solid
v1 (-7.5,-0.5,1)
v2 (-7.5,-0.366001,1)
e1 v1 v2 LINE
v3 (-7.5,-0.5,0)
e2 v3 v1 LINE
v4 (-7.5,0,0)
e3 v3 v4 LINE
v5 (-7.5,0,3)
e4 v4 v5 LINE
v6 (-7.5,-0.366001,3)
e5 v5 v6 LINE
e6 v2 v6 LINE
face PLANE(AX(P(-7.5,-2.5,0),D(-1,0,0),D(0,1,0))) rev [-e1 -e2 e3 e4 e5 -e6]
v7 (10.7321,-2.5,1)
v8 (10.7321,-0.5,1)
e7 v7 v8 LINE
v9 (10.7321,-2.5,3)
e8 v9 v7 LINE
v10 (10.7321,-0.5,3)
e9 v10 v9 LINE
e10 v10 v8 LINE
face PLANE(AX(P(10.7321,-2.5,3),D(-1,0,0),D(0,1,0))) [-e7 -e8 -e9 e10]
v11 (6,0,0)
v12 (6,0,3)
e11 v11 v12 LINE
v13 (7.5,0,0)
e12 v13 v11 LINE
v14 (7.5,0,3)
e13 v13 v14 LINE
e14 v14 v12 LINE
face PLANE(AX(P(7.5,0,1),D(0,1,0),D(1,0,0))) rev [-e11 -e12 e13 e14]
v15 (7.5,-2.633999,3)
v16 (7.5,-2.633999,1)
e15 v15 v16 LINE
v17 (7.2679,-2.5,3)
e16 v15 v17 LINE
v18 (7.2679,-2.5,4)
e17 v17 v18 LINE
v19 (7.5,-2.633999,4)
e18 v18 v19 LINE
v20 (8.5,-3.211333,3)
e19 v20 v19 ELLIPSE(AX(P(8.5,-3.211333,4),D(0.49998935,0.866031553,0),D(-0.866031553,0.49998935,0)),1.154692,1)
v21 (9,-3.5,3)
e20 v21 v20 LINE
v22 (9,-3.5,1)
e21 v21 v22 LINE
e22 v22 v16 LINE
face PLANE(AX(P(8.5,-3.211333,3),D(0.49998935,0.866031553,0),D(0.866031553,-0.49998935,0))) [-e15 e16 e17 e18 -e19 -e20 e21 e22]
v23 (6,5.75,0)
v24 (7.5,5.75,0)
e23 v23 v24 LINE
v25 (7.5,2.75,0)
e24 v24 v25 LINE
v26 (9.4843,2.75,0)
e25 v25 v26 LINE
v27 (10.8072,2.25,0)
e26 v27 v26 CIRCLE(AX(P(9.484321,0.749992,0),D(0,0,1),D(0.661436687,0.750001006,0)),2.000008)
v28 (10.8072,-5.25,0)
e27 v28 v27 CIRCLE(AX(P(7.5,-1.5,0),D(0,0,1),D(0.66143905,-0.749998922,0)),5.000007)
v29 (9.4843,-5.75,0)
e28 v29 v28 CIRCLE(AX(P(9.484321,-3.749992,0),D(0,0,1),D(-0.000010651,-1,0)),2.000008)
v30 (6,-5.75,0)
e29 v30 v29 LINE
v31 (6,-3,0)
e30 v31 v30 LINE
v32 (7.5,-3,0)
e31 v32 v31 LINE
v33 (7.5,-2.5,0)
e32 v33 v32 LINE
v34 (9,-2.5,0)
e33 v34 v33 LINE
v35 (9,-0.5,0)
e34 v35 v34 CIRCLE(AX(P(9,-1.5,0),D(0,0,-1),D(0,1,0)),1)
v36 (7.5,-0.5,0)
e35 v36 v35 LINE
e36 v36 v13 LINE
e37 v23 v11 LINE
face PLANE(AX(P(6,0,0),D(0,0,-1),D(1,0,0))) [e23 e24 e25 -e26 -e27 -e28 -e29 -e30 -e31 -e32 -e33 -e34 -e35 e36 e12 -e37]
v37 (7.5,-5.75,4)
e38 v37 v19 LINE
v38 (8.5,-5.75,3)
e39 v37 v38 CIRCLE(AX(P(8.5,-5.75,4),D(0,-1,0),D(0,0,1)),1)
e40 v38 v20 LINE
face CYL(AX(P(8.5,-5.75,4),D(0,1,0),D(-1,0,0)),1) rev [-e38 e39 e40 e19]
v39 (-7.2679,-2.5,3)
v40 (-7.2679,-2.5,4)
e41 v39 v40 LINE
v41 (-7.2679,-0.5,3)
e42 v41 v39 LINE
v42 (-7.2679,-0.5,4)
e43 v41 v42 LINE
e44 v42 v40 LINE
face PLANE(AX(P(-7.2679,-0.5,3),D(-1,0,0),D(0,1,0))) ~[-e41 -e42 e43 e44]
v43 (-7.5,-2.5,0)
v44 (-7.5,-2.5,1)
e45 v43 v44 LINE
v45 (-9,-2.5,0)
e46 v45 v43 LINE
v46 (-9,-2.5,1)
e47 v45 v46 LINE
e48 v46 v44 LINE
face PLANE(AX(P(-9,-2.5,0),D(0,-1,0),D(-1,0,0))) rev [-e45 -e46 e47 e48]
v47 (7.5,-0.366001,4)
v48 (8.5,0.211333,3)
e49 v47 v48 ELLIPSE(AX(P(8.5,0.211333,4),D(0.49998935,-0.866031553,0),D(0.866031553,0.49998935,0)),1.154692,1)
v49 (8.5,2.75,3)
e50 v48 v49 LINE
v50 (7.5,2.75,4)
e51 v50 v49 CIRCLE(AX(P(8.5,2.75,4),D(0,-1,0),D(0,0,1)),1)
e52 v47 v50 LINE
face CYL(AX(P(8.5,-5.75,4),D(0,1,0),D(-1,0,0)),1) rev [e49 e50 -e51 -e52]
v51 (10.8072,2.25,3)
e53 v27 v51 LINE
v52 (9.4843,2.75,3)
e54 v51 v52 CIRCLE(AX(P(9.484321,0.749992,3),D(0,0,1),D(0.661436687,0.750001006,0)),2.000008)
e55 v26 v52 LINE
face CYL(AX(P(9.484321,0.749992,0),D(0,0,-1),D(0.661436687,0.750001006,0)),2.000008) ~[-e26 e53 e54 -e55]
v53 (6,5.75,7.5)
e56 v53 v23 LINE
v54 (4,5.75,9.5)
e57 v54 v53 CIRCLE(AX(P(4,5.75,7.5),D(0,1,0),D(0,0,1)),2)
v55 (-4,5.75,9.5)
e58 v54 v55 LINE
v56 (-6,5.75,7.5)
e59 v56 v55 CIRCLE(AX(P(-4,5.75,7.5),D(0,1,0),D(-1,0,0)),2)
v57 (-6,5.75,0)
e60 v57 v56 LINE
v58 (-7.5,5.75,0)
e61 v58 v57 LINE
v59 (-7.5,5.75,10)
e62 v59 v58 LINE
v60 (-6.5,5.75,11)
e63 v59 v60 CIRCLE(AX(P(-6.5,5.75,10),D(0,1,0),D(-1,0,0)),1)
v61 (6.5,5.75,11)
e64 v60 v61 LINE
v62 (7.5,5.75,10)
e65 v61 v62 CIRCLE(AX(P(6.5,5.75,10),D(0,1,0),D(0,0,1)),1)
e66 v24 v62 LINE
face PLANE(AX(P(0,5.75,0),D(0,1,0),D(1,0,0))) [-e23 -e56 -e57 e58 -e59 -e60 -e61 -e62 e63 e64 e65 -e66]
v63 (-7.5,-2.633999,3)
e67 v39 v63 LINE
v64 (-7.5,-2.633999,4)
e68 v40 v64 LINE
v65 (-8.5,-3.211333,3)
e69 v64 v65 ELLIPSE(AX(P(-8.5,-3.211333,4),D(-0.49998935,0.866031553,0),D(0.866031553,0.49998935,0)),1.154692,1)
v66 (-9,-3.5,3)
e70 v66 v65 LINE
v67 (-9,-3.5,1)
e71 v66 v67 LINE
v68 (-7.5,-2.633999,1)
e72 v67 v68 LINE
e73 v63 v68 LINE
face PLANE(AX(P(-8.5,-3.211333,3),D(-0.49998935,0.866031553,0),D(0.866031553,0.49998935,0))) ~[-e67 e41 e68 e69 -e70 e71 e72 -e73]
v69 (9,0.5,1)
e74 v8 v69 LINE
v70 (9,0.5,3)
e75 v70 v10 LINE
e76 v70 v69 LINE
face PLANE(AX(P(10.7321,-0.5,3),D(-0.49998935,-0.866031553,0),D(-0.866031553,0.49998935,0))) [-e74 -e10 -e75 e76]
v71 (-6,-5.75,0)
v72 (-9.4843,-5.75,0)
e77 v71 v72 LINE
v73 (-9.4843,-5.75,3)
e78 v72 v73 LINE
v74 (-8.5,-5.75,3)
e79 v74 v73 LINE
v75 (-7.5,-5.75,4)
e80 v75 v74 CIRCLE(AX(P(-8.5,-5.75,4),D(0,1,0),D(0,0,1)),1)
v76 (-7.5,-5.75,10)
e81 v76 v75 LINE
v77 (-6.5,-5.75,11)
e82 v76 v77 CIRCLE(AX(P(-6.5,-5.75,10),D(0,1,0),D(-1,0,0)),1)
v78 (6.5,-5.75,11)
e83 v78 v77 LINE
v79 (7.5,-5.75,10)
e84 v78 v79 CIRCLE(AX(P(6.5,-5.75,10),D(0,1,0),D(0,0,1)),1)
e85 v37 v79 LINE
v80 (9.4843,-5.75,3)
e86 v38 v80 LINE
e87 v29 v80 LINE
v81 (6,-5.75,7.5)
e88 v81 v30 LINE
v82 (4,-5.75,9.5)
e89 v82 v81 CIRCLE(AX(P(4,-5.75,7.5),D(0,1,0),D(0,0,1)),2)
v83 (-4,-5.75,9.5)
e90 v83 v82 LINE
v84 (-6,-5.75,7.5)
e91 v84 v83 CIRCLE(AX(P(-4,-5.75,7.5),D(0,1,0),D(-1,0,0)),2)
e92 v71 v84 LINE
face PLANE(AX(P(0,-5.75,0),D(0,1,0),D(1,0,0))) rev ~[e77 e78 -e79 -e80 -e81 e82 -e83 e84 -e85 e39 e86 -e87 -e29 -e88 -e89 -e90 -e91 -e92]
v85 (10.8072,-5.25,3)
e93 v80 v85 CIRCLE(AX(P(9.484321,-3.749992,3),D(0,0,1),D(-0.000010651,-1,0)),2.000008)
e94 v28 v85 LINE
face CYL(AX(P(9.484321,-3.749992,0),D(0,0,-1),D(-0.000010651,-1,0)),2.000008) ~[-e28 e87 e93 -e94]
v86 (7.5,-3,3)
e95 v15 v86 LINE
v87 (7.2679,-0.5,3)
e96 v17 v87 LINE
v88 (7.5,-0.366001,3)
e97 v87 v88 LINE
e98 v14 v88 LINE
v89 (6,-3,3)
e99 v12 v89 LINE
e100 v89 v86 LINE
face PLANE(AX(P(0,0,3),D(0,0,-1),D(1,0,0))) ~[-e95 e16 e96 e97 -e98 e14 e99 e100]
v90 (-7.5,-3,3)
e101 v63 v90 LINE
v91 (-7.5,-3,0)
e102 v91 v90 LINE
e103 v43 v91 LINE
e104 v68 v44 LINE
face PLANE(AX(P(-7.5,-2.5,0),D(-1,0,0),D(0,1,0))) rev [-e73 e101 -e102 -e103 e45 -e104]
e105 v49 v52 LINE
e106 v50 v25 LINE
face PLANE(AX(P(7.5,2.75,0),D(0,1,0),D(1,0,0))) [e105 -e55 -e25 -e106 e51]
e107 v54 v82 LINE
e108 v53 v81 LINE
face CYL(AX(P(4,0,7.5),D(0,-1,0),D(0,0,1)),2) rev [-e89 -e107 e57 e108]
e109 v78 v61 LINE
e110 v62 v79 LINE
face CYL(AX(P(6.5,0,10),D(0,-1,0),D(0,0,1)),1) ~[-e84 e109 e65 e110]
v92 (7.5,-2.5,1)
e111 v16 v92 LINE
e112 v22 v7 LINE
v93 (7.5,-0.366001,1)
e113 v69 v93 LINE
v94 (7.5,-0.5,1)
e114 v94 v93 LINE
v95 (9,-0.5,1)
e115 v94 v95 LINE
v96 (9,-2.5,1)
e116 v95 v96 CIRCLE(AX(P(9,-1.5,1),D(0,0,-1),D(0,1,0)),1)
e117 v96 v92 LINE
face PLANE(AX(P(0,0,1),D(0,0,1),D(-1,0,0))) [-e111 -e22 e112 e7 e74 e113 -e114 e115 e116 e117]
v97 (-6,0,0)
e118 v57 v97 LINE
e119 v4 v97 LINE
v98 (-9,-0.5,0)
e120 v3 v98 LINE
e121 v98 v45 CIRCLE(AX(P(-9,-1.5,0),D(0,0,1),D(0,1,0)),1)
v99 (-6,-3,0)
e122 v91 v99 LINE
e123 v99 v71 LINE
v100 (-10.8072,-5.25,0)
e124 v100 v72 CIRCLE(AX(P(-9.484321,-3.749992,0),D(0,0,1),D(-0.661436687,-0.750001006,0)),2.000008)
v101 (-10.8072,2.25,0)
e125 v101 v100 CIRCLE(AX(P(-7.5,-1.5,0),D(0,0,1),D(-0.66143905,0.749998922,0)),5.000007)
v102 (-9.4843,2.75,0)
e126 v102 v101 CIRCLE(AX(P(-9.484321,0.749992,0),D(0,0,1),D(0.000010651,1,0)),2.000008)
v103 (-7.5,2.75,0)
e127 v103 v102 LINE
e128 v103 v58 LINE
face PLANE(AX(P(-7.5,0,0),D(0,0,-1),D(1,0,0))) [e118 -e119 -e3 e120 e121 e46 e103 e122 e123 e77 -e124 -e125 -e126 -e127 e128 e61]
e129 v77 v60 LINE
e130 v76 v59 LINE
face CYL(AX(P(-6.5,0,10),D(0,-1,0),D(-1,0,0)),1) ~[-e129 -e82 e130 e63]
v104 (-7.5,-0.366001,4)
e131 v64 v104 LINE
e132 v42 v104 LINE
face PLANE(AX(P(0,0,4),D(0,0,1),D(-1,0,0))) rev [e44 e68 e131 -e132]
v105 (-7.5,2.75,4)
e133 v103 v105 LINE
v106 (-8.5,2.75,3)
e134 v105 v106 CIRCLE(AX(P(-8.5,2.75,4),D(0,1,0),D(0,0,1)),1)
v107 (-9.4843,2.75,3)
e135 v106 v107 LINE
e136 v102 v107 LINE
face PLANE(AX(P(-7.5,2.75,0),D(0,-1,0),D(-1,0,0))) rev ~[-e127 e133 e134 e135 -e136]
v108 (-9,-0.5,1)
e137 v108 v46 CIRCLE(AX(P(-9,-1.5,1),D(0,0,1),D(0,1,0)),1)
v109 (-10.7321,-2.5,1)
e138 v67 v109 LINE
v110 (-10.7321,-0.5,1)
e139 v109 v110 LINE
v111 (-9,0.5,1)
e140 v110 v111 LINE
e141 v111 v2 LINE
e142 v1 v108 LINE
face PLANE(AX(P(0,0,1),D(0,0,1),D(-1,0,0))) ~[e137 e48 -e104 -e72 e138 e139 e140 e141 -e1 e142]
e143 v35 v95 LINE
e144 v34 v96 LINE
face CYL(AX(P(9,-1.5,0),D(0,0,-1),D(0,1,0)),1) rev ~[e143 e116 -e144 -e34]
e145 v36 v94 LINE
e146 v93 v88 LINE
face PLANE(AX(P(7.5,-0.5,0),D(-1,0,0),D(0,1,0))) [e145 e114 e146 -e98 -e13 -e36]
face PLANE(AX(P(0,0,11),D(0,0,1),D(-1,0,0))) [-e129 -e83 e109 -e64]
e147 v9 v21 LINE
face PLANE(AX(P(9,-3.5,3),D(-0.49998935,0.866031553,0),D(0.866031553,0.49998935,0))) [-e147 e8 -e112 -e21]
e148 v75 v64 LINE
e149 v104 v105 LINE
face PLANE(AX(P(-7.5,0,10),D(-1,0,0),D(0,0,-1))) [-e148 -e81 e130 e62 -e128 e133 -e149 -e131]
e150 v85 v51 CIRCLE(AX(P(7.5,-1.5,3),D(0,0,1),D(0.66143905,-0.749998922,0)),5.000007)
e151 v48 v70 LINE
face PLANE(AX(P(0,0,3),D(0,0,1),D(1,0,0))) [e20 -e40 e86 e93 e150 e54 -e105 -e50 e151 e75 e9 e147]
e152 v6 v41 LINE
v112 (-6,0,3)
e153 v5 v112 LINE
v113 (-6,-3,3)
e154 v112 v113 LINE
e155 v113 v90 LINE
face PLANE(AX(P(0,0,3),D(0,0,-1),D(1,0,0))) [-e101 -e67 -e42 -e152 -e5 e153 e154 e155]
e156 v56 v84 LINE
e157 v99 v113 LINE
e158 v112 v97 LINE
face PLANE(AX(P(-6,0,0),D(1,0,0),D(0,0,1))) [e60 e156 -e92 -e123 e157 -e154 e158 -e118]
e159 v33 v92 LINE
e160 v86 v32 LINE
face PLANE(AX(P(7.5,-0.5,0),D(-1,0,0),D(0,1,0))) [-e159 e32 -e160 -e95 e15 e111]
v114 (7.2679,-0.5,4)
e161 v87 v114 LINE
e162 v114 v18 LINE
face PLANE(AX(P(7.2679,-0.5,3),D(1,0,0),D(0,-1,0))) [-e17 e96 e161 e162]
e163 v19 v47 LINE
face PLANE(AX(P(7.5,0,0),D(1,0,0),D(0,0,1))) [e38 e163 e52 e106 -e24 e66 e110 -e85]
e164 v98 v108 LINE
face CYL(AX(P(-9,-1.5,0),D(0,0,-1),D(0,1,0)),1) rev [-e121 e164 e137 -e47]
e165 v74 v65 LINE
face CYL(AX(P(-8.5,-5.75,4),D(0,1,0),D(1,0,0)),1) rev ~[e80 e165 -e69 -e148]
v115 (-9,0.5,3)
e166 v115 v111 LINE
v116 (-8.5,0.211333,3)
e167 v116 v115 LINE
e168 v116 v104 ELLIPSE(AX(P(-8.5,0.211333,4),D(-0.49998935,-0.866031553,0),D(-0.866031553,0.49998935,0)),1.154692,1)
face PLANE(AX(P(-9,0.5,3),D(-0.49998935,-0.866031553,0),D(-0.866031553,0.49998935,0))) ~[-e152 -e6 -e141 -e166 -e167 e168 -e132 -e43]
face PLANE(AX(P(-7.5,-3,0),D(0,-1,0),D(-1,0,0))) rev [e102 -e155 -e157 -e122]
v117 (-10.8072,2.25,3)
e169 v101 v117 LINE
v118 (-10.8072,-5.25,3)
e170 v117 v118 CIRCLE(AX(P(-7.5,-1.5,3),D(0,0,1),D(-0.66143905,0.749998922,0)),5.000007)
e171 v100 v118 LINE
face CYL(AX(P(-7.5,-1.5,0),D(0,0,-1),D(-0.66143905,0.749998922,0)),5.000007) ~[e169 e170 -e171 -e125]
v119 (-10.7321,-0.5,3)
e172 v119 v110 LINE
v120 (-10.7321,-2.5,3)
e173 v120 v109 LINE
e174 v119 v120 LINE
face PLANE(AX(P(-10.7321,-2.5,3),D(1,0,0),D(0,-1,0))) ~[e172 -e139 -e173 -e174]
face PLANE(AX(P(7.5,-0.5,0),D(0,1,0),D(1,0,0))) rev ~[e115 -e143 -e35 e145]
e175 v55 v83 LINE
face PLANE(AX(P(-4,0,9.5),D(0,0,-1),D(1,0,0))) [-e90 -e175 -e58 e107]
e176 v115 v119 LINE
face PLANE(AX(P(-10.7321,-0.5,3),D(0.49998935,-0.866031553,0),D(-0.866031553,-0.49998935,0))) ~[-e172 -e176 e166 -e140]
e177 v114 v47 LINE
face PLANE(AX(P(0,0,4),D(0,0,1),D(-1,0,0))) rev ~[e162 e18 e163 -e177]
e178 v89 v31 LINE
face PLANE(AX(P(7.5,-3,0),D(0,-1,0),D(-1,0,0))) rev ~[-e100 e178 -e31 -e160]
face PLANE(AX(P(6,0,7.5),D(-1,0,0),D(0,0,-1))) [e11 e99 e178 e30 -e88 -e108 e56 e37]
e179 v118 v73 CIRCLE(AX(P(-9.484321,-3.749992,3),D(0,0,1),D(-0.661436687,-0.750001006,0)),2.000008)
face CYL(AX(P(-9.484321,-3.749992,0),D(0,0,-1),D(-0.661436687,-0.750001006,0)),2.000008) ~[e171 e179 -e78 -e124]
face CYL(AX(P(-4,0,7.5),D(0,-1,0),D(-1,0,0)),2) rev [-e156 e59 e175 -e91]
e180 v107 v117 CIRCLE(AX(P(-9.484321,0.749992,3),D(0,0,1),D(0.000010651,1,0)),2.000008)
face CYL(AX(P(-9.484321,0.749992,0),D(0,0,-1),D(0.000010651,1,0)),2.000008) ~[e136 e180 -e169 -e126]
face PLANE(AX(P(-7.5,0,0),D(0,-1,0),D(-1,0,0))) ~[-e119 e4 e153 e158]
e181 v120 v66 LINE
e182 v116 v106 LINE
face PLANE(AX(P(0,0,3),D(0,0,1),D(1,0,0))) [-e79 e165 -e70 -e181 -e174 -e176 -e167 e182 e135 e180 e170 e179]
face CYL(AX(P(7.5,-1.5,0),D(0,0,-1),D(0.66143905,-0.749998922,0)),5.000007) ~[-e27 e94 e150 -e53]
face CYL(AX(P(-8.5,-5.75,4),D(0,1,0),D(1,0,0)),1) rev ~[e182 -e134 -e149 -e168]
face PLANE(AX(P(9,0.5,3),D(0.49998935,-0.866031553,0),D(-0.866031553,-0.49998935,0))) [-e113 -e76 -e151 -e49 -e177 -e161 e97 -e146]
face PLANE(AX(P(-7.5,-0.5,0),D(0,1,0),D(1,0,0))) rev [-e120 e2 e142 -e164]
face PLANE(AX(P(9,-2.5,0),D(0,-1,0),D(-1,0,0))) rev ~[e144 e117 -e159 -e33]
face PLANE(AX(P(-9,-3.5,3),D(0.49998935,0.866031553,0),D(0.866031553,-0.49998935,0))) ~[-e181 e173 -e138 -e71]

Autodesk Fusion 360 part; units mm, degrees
sketch "Sketch1" plane through (0, 0, 0) normal (0, 1, 0) x (1, 0, 0)
  line L0 (-7.5, 0) -> (-6, 0)
  line L1 (-6, 0) -> (-6, -7.5)
  line L2 (-4, -9.5) -> (4, -9.5)
  line L3 (6, -7.5) -> (6, 0)
  line L4 (6, 0) -> (7.5, 0)
  line L5 (7.5, 0) -> (7.5, -10)
  line L6 (6.5, -11) -> (-6.5, -11)
  line L7 (-7.5, -10) -> (-7.5, 0)
  line L8 (0, 0) -> (0, -11)
  arc A0 (-6, -7.5) -> (-4, -9.5) centre (-4, -7.5) ccw
  arc A1 (4, -9.5) -> (6, -7.5) centre (4, -7.5) ccw
  arc A2 (-7.5, -10) -> (-6.5, -11) centre (-6.5, -10) ccw
  arc A3 (6.5, -11) -> (7.5, -10) centre (6.5, -10) ccw
  point P0 (-6, -9.5)
  point P1 (7.5, -11)
  point P2 (-7.5, -11)
  dimension "d2" = 15
  dimension "d3" = 1.5
  dimension "d6" = 2
  dimension "d7" = 2
  dimension "d8" = 1.5
  dimension "d9" = 1
  dimension "d10" = 1
  dimension "d11" = 11
extrude "Extrude1" add sketch "Sketch1" along normal mid plane 11.5
sketch "Sketch2" plane through (0, 0, 0) normal (0, 0, 1) x (1, 0, 0)
  line L0 (-7.5, -5.75) -> (-7.5, 5.75)
  line L1 (-6, -5.75) -> (-6, 5.75)
  line L2 (6, -5.75) -> (6, 5.75)
  line L3 (7.5, -5.75) -> (7.5, 5.75)
  line L4 (-7.5, 2.75) -> (7.5, 2.75) construction
  line L5 (7.5, -5.75) -> (9.4843, -5.75)
  line L6 (7.5, 2.75) -> (9.4843, 2.75)
  line L7 (-7.5, 2.75) -> (-9.4843, 2.75)
  line L8 (-7.5, -5.75) -> (-9.4843, -5.75)
  arc A0 (-10.8072, 2.25) -> (-10.8072, -5.25) centre (-7.5, -1.5) ccw
  arc A1 (10.8072, -5.25) -> (10.8072, 2.25) centre (7.5, -1.5) ccw
  line L9 (12.5, -5.75) -> (12.5, 2.75) construction
  line L10 (-12.5, -5.75) -> (-12.5, 2.75) construction
  arc A2 (-10.8072, -5.25) -> (-9.4843, -5.75) centre (-9.4843, -3.75) ccw
  arc A3 (-9.4843, 2.75) -> (-10.8072, 2.25) centre (-9.4843, 0.75) ccw
  arc A4 (10.8072, 2.25) -> (9.4843, 2.75) centre (9.4843, 0.75) ccw
  arc A5 (9.4843, -5.75) -> (10.8072, -5.25) centre (9.4843, -3.75) ccw
  dimension "d15" = 3
  dimension "d16" = 5
  dimension "d17" = 25
  dimension "d18" = 2
extrude "Extrude2" add sketch "Sketch2" along normal blind 3
fillet "Fillet1" radius 1 2 edges at (7.5, -1.5, 3) (-7.5, -1.5, 3)
sketch "Sketch3" plane through (0, 0, 0) normal (0, 0, -1) x (1, 0, 0)
  line L0 (6, 5.75) -> (6, -5.75)
  line L1 (6, -5.75) -> (7.5, -5.75)
  line L2 (7.5, -5.75) -> (7.5, -2.75)
  line L3 (7.5, -2.75) -> (9.4843, -2.75)
  arc A0 (9.4843, -2.75) -> (10.8072, -2.25) centre (9.4843, -0.75) ccw
  arc A1 (10.8072, -2.25) -> (10.8072, 5.25) centre (7.5, 1.5) ccw
  arc A2 (10.8072, 5.25) -> (9.4843, 5.75) centre (9.4843, 3.75) ccw
  line L4 (9.4843, 5.75) -> (6, 5.75)
  line L5 (6, 5.75) -> (6, -5.75)
  line L6 (7.5, -2.75) -> (7.5, -5.75)
  line L7 (9, 2.5) -> (7.5, 2.5)
  line L8 (7.5, 0.5) -> (9, 0.5)
  arc A3 (9, 0.5) -> (9, 2.5) centre (9, 1.5) ccw
  line L9 (7.5, -2.75) -> (7.5, 5.75) construction
  line L10 (7.5, 2.5) -> (7.5, 3)
  line L11 (7.5, 3) -> (6, 3)
  line L12 (7.5, 0.5) -> (7.5, 0)
  line L13 (7.5, 0) -> (6, 0)
  arc A4 (10.8072, -2.25) -> (10.8072, 5.25) centre (7.5, 1.5) ccw
  dimension "d24" = 2
  dimension "d25" = 0.5
  dimension "d26" = 1.5
extrude "Extrude3" cut sketch "Sketch3" against normal blind 1 contours L0 L5 L7 L8 A3 L10 L11 L12 L13
mirror "Mirror1" about plane through (0, 0, 0) normal (1, 0, 0) of "Extrude3"
sketch "Sketch4" plane through (0, 0, 1) normal (0, 0, -1) x (1, 0, 0)
  line L0 (-9, 0.5) -> (-7.5, 0.5)
  line L1 (-7.5, 0.5) -> (-7.5, 0)
  line L2 (-7.5, 0) -> (-6, 0)
  line L3 (-6, 0) -> (-6, 3)
  line L4 (-6, 3) -> (-7.5, 3)
  line L5 (-7.5, 3) -> (-7.5, 2.5)
  line L6 (-7.5, 2.5) -> (-9, 2.5)
  arc A0 (-9, 2.5) -> (-9, 0.5) centre (-9, 1.5) ccw
  line L7 (-6, 3) -> (-6, 0)
  line L8 (-6, 3) -> (-7.5, 3)
  line L9 (-7.5, 3) -> (-7.5, 2.5)
  line L10 (-7.5, 2.5) -> (-9, 2.5)
  arc A1 (-9, 2.5) -> (-9, 0.5) centre (-9, 1.5) ccw
  line L11 (-7.5, 0.5) -> (-7.5, 0)
  line L12 (-7.5, 3) -> (-6, 3)
  line L13 (-6, 3) -> (-6, 5.75)
  line L14 (-6, 5.75) -> (-9.4843, 5.75)
  arc A2 (-9.4843, 5.75) -> (-10.8072, 5.25) centre (-9.4843, 3.75) ccw
  arc A3 (-10.8072, 5.25) -> (-10.8072, -2.25) centre (-7.5, 1.5) ccw
  arc A4 (-10.8072, -2.25) -> (-9.4843, -2.75) centre (-9.4843, -0.75) ccw
  line L15 (-9.4843, -2.75) -> (-7.5, -2.75)
  line L16 (-7.5, -2.75) -> (-7.5, -5.75)
  line L17 (-7.5, -5.75) -> (-6, -5.75)
  line L18 (-6, -5.75) -> (-6, 0)
  line L19 (-6, 0) -> (-7.5, 0)
  line L20 (-7.5, 0) -> (-7.5, 0.5)
  line L21 (-7.5, 0.5) -> (-9, 0.5)
  arc A5 (-9, 2.5) -> (-9, 0.5) centre (-9, 1.5) ccw
  line L22 (-9, 2.5) -> (-7.5, 2.5)
  line L23 (-7.5, 2.5) -> (-7.5, 3)
  line L24 (-6, 0) -> (-7.5, 0)
  line L25 (-7.5, 3) -> (-6, 3)
  line L26 (-6, 3) -> (-6, 0)
  line L27 (-6, 0) -> (-7.5, 0)
  line L28 (-7.5, 0) -> (-7.5, 3)
extrude "Extrude4" cut sketch "Sketch4" against normal blind 2 contours L1 L2 L3 L4 L5 L7 L8 L9 L11 L12 L19 L20 L23 L24 L25 L26 L27 L28
mirror "Mirror2" about plane through (0, 0, 0) normal (1, 0, 0) of "Extrude4"
sketch "Sketch5" plane through (0, 0, 3) normal (0, 0, 1) x (-1, 0, 0)
  line L0 (-8.5, -2.75) -> (-8.5, 5.75)
  line L1 (-8.5, 5.75) -> (-9.4843, 5.75)
  arc A0 (-9.4843, 5.75) -> (-10.8072, 5.25) centre (-9.4843, 3.75) ccw
  arc A1 (-10.8072, 5.25) -> (-10.8072, -2.25) centre (-7.5, 1.5) ccw
  arc A2 (-10.8072, -2.25) -> (-9.4843, -2.75) centre (-9.4843, -0.75) ccw
  line L2 (-9.4843, -2.75) -> (-8.5, -2.75)
  line L3 (-9, -0.5) -> (-7.2679, 0.5)
  line L4 (-7.2679, 0.5) -> (-7.2679, 2.5)
  line L5 (-7.2679, 2.5) -> (-9, 3.5)
  line L6 (-9, 3.5) -> (-10.7321, 2.5)
  line L7 (-10.7321, 2.5) -> (-10.7321, 0.5)
  line L8 (-10.7321, 0.5) -> (-9, -0.5)
  arc A3 (-10.8072, 5.25) -> (-10.8072, -2.25) centre (-7.5, 1.5) ccw
  arc A4 (-9, 2.5) -> (-9, 0.5) centre (-9, 1.5) ccw
  point P0 (-9, 1.5)
  dimension "d35" = 2
extrude "Extrude5" cut sketch "Sketch5" along normal blind 1 and the other way blind 2 contours L0 L3 L5 L6 L7 L8 | L0 L3 L4 L5
mirror "Mirror3" about plane through (0, 0, 0) normal (1, 0, 0) of "Extrude5"
